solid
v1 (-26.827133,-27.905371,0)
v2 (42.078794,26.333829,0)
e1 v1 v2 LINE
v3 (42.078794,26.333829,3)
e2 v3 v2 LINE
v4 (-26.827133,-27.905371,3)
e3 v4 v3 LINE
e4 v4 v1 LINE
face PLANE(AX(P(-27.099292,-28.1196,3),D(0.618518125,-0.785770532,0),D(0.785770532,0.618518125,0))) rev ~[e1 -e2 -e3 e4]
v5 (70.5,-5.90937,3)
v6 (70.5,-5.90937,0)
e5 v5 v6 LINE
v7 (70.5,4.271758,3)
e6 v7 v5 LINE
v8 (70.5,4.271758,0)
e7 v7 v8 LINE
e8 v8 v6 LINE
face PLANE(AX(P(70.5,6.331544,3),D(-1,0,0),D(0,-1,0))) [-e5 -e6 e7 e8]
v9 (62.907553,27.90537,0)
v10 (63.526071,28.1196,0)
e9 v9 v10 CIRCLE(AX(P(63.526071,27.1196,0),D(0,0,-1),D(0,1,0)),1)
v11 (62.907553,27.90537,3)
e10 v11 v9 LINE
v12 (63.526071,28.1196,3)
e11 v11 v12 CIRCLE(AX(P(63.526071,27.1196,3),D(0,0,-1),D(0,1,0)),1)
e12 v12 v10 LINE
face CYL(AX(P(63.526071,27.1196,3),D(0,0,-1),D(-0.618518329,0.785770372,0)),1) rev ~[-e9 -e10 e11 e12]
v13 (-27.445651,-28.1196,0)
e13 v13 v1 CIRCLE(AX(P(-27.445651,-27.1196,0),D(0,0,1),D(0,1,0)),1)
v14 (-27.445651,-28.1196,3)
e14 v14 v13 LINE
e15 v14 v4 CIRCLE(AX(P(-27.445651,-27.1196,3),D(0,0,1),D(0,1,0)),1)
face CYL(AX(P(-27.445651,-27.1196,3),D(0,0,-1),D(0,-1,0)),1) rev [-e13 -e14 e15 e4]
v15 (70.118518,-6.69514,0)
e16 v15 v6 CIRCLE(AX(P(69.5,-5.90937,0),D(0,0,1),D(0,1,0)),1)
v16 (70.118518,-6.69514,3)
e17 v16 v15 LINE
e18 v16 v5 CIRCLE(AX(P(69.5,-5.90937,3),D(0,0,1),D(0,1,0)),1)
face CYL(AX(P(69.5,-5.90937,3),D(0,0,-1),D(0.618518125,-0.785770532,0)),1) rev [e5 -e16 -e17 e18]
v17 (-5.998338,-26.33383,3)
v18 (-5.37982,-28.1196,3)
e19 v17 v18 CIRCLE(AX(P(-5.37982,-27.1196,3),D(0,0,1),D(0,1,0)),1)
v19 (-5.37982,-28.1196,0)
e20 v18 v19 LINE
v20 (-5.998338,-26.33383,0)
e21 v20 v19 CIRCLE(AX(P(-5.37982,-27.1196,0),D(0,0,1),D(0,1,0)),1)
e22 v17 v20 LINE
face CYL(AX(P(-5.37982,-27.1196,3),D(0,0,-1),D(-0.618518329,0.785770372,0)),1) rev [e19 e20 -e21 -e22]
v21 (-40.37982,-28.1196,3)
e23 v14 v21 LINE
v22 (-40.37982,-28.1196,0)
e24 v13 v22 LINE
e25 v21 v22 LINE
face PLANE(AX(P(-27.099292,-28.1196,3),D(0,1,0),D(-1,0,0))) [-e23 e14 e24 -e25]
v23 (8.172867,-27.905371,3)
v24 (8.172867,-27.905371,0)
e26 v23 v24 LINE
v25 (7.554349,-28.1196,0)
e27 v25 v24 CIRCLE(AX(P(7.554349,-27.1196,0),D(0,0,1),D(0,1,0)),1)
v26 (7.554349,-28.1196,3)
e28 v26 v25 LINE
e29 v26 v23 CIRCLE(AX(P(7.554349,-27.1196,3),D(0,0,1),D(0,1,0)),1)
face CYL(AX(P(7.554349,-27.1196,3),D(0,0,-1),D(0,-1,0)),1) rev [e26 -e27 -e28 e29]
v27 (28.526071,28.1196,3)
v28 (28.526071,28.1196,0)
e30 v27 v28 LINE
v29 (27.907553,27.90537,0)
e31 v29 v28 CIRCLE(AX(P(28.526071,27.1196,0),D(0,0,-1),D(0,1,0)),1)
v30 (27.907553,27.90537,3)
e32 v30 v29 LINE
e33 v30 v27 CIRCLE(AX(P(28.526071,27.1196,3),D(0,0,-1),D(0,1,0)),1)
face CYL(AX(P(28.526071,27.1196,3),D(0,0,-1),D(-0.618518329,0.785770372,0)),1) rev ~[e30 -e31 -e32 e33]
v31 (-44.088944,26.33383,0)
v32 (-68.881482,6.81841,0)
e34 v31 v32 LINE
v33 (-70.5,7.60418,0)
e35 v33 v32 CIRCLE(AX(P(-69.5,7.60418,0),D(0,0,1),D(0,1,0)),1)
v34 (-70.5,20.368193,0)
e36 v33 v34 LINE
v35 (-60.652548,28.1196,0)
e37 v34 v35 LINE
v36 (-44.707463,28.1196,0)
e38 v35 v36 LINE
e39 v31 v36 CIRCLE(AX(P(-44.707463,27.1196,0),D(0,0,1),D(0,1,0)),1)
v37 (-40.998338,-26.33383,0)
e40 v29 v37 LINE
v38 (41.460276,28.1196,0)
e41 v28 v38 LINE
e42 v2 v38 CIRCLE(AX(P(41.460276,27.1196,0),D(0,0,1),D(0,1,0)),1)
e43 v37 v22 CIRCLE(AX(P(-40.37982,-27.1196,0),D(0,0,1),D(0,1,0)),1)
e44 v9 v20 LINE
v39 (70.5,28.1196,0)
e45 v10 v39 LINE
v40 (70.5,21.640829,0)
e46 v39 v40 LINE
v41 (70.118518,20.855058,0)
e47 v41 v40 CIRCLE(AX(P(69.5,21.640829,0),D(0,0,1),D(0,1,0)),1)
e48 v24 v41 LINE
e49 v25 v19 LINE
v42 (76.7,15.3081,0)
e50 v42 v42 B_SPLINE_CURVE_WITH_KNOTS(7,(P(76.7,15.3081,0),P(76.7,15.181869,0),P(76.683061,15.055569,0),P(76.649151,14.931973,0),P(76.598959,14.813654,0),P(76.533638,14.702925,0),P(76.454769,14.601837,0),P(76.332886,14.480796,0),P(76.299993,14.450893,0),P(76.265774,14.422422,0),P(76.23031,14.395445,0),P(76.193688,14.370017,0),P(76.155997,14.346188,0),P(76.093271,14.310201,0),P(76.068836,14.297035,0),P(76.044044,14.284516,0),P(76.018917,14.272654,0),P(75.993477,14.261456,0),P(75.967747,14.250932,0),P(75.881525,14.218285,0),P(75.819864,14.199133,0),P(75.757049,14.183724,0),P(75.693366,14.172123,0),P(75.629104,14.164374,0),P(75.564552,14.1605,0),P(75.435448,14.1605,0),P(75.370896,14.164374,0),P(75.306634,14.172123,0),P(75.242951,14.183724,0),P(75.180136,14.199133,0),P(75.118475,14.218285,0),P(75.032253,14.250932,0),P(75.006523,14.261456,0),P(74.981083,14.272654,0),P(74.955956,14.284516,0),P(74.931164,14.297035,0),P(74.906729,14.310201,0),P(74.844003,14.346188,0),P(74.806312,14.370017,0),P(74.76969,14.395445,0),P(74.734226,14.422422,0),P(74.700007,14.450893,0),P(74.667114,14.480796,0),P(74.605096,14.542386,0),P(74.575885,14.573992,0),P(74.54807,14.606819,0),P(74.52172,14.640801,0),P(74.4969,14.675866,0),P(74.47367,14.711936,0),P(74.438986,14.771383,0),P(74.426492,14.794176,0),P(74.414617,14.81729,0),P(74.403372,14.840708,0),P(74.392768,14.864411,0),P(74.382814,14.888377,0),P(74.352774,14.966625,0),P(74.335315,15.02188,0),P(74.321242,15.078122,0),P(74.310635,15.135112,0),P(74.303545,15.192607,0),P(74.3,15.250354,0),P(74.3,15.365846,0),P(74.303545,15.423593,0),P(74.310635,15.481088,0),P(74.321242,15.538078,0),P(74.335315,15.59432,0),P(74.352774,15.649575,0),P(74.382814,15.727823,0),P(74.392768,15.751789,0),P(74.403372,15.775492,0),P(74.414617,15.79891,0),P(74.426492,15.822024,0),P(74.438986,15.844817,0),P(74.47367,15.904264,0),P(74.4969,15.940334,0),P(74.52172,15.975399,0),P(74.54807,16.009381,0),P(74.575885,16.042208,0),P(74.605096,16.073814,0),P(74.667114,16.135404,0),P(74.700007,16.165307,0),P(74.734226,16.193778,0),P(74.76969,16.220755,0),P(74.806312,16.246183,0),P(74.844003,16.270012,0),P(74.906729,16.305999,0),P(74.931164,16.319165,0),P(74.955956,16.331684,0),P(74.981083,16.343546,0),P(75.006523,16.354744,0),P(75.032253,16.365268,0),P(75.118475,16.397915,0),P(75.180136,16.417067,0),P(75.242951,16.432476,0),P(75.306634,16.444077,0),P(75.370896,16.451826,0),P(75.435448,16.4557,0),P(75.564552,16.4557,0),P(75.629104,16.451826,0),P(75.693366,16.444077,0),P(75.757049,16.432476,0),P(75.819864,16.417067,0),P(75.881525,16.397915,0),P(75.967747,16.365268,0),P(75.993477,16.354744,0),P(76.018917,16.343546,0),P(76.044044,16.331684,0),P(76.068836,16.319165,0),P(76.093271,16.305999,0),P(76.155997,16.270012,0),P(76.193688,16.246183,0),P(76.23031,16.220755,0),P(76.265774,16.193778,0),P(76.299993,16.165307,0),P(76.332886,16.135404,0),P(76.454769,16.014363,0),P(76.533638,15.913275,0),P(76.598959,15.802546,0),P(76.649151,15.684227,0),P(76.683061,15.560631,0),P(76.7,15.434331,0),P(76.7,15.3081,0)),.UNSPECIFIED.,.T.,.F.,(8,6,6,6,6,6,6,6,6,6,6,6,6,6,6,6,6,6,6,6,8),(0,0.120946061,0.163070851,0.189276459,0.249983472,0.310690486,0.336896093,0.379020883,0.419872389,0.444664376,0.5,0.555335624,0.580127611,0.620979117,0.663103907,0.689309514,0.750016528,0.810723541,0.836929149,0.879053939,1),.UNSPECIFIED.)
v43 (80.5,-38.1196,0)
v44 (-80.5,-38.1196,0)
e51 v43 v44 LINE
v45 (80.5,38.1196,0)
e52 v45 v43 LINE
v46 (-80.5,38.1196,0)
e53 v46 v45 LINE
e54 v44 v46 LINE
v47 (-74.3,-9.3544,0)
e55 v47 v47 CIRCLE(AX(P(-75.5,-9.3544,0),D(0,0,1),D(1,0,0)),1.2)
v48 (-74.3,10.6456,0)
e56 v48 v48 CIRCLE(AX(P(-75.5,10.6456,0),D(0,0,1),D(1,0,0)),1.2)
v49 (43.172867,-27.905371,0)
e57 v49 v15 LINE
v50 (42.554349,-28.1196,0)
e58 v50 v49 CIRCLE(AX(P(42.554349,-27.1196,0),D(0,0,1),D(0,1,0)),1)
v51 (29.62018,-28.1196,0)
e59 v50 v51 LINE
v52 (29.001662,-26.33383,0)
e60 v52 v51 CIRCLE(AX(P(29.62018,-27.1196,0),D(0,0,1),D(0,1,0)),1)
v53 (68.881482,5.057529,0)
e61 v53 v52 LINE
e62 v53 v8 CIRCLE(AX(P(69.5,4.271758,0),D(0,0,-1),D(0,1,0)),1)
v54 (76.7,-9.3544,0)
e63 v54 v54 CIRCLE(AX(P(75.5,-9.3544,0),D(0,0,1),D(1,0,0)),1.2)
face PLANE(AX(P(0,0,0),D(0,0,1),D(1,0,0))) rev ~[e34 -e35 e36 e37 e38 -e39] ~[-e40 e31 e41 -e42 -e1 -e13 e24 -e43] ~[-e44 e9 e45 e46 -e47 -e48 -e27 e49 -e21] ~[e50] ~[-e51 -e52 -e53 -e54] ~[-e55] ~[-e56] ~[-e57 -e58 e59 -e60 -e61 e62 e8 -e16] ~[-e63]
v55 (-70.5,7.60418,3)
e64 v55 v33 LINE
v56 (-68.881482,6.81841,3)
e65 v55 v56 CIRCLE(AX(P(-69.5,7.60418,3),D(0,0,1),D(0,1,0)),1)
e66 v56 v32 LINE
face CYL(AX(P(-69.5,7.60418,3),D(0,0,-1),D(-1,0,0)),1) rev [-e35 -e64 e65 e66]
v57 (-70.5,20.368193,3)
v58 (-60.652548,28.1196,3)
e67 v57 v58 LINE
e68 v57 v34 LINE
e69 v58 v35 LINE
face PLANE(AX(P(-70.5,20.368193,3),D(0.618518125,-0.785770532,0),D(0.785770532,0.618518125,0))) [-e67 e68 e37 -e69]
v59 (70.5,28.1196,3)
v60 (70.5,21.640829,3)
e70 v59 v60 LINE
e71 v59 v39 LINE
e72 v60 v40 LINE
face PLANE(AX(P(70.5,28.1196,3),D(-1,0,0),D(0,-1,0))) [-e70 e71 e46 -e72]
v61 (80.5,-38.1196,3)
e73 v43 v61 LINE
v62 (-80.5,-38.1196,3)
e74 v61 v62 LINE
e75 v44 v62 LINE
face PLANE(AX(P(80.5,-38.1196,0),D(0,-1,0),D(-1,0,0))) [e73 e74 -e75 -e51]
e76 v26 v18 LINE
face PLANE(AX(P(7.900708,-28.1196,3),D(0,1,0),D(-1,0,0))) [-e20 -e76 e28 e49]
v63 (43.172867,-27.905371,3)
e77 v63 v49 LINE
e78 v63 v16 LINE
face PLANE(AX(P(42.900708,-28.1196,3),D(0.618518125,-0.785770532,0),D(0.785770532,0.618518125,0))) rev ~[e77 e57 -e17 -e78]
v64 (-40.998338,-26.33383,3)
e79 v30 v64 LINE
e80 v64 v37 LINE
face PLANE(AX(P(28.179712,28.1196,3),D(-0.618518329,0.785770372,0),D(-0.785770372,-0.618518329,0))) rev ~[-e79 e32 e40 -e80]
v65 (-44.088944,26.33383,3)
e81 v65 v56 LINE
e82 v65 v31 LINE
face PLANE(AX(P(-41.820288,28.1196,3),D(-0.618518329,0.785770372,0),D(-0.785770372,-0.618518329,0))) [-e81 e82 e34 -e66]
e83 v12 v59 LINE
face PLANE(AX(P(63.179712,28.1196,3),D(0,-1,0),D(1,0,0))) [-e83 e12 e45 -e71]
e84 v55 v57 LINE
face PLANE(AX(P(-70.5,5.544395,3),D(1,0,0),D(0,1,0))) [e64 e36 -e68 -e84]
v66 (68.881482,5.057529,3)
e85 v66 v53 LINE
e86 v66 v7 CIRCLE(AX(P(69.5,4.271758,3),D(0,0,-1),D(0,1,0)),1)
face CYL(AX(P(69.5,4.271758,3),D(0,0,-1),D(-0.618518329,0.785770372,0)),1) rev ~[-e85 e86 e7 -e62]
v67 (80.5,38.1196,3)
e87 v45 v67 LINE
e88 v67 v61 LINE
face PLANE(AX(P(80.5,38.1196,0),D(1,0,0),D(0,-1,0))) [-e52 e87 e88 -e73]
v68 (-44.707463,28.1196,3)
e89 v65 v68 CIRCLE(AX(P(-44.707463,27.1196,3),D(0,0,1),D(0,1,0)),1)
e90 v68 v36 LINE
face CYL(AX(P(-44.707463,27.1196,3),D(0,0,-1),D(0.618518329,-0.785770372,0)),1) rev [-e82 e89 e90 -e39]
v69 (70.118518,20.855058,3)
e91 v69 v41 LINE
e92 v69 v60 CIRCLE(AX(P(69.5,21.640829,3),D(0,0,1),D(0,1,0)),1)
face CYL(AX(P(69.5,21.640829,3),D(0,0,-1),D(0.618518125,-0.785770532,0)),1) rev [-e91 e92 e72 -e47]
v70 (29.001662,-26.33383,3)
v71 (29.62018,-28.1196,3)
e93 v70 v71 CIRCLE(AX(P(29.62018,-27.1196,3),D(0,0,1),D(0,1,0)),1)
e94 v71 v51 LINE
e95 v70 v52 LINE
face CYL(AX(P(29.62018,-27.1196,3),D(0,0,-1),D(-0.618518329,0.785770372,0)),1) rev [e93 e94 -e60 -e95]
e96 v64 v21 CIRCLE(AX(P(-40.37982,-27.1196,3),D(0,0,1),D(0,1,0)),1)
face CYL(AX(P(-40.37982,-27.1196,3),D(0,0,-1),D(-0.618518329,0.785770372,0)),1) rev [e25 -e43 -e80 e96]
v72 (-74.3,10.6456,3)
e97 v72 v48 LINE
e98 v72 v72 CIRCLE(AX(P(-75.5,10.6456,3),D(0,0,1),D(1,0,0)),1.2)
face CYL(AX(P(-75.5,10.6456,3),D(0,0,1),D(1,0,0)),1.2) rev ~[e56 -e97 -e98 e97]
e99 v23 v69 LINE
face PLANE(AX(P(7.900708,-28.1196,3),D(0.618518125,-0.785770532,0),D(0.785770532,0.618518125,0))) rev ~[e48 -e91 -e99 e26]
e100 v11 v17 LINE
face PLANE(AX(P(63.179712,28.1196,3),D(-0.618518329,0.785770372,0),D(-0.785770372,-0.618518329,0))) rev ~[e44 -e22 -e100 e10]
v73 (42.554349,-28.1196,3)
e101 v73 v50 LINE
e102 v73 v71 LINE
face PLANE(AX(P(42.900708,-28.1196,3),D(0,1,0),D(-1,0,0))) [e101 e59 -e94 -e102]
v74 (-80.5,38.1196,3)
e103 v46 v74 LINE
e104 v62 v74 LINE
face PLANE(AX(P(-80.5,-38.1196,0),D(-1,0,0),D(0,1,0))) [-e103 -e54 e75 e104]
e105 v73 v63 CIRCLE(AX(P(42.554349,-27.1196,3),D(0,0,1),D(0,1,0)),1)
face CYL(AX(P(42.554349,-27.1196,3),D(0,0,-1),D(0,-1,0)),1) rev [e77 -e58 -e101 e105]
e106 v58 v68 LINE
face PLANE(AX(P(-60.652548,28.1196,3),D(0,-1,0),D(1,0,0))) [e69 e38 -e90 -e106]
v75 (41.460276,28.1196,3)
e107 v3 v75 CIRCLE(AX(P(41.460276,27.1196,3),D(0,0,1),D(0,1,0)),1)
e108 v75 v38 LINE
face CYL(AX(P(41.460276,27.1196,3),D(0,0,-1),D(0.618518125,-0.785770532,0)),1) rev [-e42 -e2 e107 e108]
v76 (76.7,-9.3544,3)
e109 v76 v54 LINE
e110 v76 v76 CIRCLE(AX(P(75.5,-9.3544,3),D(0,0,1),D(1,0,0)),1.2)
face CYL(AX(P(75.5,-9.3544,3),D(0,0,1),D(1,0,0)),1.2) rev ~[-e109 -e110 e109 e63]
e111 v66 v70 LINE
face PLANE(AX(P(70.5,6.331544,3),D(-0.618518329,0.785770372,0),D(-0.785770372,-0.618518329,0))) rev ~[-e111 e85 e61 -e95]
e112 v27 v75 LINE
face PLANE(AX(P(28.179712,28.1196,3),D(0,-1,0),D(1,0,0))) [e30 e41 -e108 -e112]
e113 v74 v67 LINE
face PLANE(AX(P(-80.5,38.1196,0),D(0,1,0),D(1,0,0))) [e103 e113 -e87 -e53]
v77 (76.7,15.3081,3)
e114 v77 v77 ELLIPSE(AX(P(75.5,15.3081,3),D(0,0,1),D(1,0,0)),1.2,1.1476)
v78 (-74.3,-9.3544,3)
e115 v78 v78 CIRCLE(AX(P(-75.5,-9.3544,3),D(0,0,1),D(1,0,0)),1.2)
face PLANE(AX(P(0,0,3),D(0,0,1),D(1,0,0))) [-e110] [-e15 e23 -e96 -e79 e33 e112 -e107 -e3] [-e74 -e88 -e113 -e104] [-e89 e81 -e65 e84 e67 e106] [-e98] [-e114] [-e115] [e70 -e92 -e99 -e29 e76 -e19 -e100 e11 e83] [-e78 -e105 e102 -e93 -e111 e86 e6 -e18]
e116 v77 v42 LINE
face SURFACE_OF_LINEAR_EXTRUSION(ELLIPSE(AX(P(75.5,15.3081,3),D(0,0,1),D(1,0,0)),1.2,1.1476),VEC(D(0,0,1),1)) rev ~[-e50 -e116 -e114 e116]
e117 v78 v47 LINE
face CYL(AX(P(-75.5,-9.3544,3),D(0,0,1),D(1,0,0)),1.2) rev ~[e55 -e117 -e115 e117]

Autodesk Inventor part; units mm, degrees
ref_plane "YZ Plane" through (0, 0, 0) normal (1, 0, 0) x (0, 1, 0)
ref_plane "XZ Plane" through (0, 0, 0) normal (0, 1, 0) x (-1, 0, 0)
ref_plane "XY Plane" through (0, 0, 0) normal (0, 0, 1) x (1, 0, 0)
sketch "草图1" plane through (0, 0, 0) normal (0, 0, 1) x (1, 0, 0)
  line L0 (80.5, -38.1196) -> (-80.5, -38.1196)
  line L1 (-80.5, -38.1196) -> (-80.5, 38.1196)
  line L2 (-80.5, 38.1196) -> (80.5, 38.1196)
  line L3 (80.5, 38.1196) -> (80.5, -38.1196)
  line L4 (80.5, -38.1196) -> (-80.5, 38.1196) construction
  line L5 (-80.5, -38.1196) -> (80.5, 38.1196) construction
  point P0 (0, 0)
  dimension "d1" = 161
extrude "拉伸1" add sketch "草图1" along normal blind 3
sketch "草图2" plane through (0, 0, 3) normal (0, 0, 1) x (1, 0, 0)
  line L0 (61.6798, 137.1398) -> (-176.304, -50.1889)
  line L1 (-176.304, -50.1889) -> (-170.1188, -58.0466)
  line L2 (-170.1188, -58.0466) -> (67.865, 129.282)
  line L3 (67.865, 129.282) -> (61.6798, 137.1398)
  line L4 (80.5, 38.1196) -> (-80.5, 38.1196) projected
  line L5 (96.6798, 137.1398) -> (-141.304, -50.1889)
  line L6 (102.865, 129.282) -> (96.6798, 137.1398)
  line L7 (-135.1188, -58.0466) -> (102.865, 129.282)
  line L8 (-141.304, -50.1889) -> (-135.1188, -58.0466)
  line L9 (131.6798, 137.1398) -> (-106.304, -50.1889)
  line L10 (137.865, 129.282) -> (131.6798, 137.1398)
  line L11 (-100.1188, -58.0466) -> (137.865, 129.282)
  line L12 (-106.304, -50.1889) -> (-100.1188, -58.0466)
  line L13 (166.6798, 137.1398) -> (-71.304, -50.1889)
  line L14 (172.865, 129.282) -> (166.6798, 137.1398)
  line L15 (-65.1188, -58.0466) -> (172.865, 129.282)
  line L16 (-71.304, -50.1889) -> (-65.1188, -58.0466)
  line L17 (201.6798, 137.1398) -> (-36.304, -50.1889)
  line L18 (207.865, 129.282) -> (201.6798, 137.1398)
  line L19 (-30.1188, -58.0466) -> (207.865, 129.282)
  line L20 (-36.304, -50.1889) -> (-30.1188, -58.0466)
  line L21 (236.6798, 137.1398) -> (-1.304, -50.1889)
  line L22 (242.865, 129.282) -> (236.6798, 137.1398)
  line L23 (4.8812, -58.0466) -> (242.865, 129.282)
  line L24 (-1.304, -50.1889) -> (4.8812, -58.0466)
  line L25 (271.6798, 137.1398) -> (33.696, -50.1889)
  line L26 (277.865, 129.282) -> (271.6798, 137.1398)
  line L27 (39.8812, -58.0466) -> (277.865, 129.282)
  line L28 (33.696, -50.1889) -> (39.8812, -58.0466)
  line L29 (-80.5, 38.1196) -> (-80.5, -38.1196) projected
  line L30 (80.5, -38.1196) -> (80.5, 38.1196) projected
  line L31 (-80.5, -38.1196) -> (80.5, -38.1196) projected
  line L32 (-70.5, 28.1196) -> (70.5, 28.1196)
  line L33 (70.5, 28.1196) -> (70.5, -28.1196)
  line L34 (70.5, -28.1196) -> (-70.5, -28.1196)
  line L35 (-70.5, -28.1196) -> (-70.5, 28.1196)
  point P0 (0, 0)
  point P1 (-51.1269, 35.6177)
  point P2 (-16.1269, 35.6177)
  point P3 (18.8731, 35.6177)
  point P4 (53.8731, 35.6177)
  point P5 (88.8731, 35.6177)
  point P6 (123.8731, 35.6177)
  point P7 (158.8731, 35.6177)
  point P8 (26.733, -28.1196)
  point P9 (42.9006, -28.1196)
  point P10 (70.5, -6.3948)
  point P11 (70.5, 6.3315)
  point P12 (-8.267, -28.1196)
  point P13 (7.9006, -28.1196)
  point P14 (70.5, 21.1554)
  point P15 (63.1798, 28.1196)
  point P16 (-43.267, -28.1196)
  point P17 (-27.0994, -28.1196)
  point P18 (44.3475, 28.1196)
  point P19 (28.1798, 28.1196)
  point P20 (-70.5, -7.182)
  point P21 (-70.5, -22.0058)
  point P22 (-6.8202, 28.1196)
  point P23 (-25.6525, 28.1196)
  point P24 (-70.5, 20.3682)
  point P25 (-70.5, 5.5444)
  point P26 (-41.8202, 28.1196)
  point P27 (-60.6525, 28.1196)
  dimension "d5" = 10
  dimension "d8" = 35
  dimension "d13" = 10
extrude "拉伸2" cut sketch "草图2" against normal blind 10 contours L32 L5 L35 L2 | L32 L15 L34 L13 | L32 L33 L19 L34 L17 | L21 L33 L23 L34
fillet "圆角1" radius 1 14 edges at (28.1798, 28.1196, 1.5) (44.3475, 28.1196, 1.5) (63.1798, 28.1196, 1.5) (70.5, 21.1554, 1.5) (70.5, 6.3315, 1.5) (26.733, -28.1196, 1.5) (42.9006, -28.1196, 1.5) (70.5, -6.3948, 1.5) (-8.267, -28.1196, 1.5) (7.9006, -28.1196, 1.5) (-43.267, -28.1196, 1.5) (-27.0994, -28.1196, 1.5) (-70.5, 5.5444, 1.5) (-41.8202, 28.1196, 1.5)
sketch "草图3" plane through (0, 0, 3) normal (0, 0, 1) x (1, 0, 0)
  ellipse E0 centre (75.5, 15.3081) end of major axis (76.7, 15.3081) minor radius 1.1476 projected
  circle A0 centre (75.5, -9.3544) radius 1.2 projected
  circle A1 centre (-75.5, 10.6456) radius 1.2 projected
  circle A2 centre (-75.5, -9.3544) radius 1.2 projected
  point P0 (0, 0)
extrude "拉伸3" cut sketch "草图3" against normal blind 10
equation "\"d14\" = d5"
equation "\"d17\" = d5"
properties part number "后板2"
